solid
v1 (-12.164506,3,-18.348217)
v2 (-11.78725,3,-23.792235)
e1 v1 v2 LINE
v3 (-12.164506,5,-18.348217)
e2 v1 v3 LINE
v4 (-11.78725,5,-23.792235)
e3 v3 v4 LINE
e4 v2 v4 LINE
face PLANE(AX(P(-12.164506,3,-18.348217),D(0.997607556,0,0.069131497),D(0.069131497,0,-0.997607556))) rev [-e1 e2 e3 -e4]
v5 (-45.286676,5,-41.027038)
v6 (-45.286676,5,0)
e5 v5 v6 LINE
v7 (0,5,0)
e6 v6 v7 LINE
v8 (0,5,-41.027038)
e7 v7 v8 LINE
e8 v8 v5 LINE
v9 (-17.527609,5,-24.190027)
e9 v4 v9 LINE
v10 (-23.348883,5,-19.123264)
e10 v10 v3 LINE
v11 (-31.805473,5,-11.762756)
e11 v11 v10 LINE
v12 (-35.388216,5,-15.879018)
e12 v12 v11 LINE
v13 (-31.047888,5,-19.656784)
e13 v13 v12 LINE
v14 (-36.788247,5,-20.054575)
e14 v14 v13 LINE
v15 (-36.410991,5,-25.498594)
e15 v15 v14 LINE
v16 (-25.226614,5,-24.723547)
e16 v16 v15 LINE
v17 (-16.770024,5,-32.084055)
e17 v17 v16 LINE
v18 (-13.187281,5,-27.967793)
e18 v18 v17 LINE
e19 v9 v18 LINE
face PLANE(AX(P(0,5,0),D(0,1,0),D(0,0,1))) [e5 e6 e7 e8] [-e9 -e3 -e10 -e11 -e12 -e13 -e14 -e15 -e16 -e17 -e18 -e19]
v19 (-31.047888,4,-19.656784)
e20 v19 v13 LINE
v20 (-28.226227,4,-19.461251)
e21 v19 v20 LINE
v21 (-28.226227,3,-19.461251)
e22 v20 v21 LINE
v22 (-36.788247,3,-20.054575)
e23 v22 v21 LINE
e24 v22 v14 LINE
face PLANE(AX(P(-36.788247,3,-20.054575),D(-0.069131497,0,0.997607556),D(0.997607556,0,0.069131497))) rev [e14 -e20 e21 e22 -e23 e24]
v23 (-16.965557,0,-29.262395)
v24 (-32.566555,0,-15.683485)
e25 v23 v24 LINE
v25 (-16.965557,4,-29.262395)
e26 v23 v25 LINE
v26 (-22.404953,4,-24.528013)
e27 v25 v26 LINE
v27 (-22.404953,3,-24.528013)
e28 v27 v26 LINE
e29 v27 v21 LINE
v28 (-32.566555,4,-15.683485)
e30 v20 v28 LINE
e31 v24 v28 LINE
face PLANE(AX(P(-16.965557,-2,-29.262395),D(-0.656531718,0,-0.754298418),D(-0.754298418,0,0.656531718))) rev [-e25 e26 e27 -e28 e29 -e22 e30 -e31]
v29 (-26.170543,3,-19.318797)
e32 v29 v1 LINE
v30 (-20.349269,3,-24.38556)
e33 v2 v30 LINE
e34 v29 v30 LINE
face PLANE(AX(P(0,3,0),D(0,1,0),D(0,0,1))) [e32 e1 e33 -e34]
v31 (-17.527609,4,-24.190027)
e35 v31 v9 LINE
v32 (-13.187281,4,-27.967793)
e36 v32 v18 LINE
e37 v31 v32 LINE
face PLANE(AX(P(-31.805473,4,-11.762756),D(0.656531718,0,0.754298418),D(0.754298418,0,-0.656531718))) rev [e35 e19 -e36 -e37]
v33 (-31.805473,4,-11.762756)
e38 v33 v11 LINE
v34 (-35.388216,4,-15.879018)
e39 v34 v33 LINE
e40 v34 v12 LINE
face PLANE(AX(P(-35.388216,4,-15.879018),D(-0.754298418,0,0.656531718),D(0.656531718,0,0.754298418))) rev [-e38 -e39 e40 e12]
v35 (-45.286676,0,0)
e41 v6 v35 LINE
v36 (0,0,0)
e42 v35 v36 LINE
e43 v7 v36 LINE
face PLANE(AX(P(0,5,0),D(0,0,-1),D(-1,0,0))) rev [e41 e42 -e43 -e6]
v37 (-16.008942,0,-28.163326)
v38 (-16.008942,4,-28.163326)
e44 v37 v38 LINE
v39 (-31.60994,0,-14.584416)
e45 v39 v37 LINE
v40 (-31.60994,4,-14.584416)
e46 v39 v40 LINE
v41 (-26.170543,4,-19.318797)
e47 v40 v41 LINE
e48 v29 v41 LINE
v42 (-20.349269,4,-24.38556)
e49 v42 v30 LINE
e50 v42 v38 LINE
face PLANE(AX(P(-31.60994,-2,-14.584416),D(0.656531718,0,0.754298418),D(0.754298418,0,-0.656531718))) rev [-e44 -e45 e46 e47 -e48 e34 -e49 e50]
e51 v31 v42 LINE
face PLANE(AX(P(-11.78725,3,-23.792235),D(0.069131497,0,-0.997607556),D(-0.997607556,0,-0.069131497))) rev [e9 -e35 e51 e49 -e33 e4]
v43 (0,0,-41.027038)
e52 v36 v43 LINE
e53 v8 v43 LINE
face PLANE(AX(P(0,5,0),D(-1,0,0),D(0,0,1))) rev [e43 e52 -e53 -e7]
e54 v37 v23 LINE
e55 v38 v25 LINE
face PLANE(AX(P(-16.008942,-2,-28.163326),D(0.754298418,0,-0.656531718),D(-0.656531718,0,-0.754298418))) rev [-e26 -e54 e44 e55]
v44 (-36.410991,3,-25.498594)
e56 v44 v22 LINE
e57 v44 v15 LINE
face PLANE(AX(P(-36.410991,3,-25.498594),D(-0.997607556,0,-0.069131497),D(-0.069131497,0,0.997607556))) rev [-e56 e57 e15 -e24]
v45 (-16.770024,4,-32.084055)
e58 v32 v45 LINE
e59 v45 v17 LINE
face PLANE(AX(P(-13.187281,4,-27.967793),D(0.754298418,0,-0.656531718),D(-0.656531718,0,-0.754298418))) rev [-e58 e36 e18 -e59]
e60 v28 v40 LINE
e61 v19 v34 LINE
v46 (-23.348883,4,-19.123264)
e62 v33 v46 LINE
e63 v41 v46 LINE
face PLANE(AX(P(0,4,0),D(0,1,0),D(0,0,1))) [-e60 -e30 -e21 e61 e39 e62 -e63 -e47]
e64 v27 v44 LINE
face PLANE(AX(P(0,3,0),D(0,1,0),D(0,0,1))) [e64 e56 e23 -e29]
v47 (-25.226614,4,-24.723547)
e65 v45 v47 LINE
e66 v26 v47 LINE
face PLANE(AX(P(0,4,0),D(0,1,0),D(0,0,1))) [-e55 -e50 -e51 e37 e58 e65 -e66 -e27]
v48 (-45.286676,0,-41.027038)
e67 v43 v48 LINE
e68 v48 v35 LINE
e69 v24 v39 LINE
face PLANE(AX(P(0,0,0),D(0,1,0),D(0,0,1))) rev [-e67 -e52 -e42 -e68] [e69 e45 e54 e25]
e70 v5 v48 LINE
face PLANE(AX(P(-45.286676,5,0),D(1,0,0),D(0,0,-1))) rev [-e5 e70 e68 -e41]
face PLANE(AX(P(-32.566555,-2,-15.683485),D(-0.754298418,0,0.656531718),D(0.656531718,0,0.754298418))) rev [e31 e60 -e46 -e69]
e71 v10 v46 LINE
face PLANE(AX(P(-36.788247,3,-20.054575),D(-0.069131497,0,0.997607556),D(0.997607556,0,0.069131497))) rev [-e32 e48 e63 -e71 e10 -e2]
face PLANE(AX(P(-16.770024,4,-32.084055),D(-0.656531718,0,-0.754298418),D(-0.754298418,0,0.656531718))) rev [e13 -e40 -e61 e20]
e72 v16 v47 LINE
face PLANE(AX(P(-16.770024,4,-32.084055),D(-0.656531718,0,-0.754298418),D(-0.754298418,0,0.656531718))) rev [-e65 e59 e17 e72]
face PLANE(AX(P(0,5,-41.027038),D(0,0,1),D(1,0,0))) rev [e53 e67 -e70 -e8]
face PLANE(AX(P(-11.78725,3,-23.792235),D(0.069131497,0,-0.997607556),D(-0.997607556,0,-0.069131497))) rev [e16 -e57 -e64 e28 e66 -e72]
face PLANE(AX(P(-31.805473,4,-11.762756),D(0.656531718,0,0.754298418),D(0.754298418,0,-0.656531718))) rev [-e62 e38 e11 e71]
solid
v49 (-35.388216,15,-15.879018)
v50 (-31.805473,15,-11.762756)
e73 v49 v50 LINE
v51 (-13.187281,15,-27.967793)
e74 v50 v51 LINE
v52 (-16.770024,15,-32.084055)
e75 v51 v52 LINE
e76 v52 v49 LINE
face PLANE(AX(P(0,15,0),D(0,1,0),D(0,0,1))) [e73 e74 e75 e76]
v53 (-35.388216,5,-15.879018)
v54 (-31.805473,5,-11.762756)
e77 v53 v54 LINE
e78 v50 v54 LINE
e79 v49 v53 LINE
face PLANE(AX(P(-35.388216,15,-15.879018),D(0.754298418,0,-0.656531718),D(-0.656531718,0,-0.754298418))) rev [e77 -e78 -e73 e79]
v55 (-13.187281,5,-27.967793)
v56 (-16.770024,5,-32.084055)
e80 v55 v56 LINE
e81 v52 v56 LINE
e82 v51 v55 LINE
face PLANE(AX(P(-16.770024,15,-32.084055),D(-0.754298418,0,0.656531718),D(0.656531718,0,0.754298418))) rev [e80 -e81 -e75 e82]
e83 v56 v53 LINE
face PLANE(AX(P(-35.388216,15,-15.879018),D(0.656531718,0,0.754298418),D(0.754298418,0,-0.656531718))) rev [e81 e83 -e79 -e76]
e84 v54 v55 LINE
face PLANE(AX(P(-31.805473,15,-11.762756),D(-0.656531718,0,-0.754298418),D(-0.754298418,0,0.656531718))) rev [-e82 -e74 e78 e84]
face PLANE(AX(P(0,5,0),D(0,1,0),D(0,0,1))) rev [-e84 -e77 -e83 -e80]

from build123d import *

# Parameters (mm, degrees)
SKIZZE1_W                          = 45.286676114
SKIZZE1_H                          = 41.027038262
AUFSATZ_LINEAR_AUSTRAGEN1_DEPTH    = 5
AUFSATZ_LINEAR_AUSTRAGEN2_DEPTH    = 10
SCHNITT_LINEAR_AUSTRAGEN1_DEPTH    = 1
K_RPER_VERSCHIEBEN_KOPIEREN1_ANGLE = 45
SCHNITT_LINEAR_AUSTRAGEN2_DEPTH    = 2
K_RPER_VERSCHIEBEN_KOPIEREN2_ANGLE = 45
SCHNITT_LINEAR_AUSTRAGEN3_DEPTH    = 7


with BuildPart() as part:
    # Skizze1 → Aufsatz-Linear austragen1 (new body)
    with BuildSketch(Plane(origin=(0, 0, 0), x_dir=(1, 0, 0), z_dir=(0, 1, 0))):
        with Locations((-22.643338057, 20.513519131)):
            Rectangle(SKIZZE1_W, SKIZZE1_H)
    extrude(amount=AUFSATZ_LINEAR_AUSTRAGEN1_DEPTH)

    # Skizze3 → Schnitt-Linear austragen1 (cut)
    with BuildSketch(Plane(origin=(0, 5, 0), x_dir=(1, 0, 0), z_dir=(0, 1, 0))):
        Polygon((-35.388215561, 15.87901822), (-31.805473355, 11.762755891), (-13.187281399, 27.967792593), (-16.770023605, 32.084054922), align=None)
    extrude(amount=-SCHNITT_LINEAR_AUSTRAGEN1_DEPTH, mode=Mode.SUBTRACT)

    # Skizze4 → Schnitt-Linear austragen2 (cut)
    with BuildSketch(Plane(origin=(0, 5, 0), x_dir=(1, 0, 0), z_dir=(0, 1, 0))):
        Polygon((-36.410991195, 25.498593786), (-36.788246892, 20.054575471), (-12.164505765, 18.348217027), (-11.787250068, 23.792235342), align=None)
    extrude(amount=-SCHNITT_LINEAR_AUSTRAGEN2_DEPTH, mode=Mode.SUBTRACT)

    # Skizze5 → Schnitt-Linear austragen3 (cut)
    with BuildSketch(Plane(origin=(0, 5, 0), x_dir=(1, 0, 0), z_dir=(0, 1, 0))):
        Polygon((-32.566555289, 15.68348482), (-31.609939954, 14.584416163), (-16.008941671, 28.163325994), (-16.965557005, 29.262394651), align=None)
    extrude(amount=-SCHNITT_LINEAR_AUSTRAGEN3_DEPTH, mode=Mode.SUBTRACT)


with BuildPart() as body_2:
    # Skizze2 → Aufsatz-Linear austragen2 (new body)
    with BuildSketch(Plane(origin=(0, 5, 0), x_dir=(1, 0, 0), z_dir=(0, 1, 0))):
        Polygon((-35.388215561, 15.87901822), (-16.770023605, 32.084054922), (-13.187281399, 27.967792593), (-31.805473355, 11.762755891), align=None)
    extrude(amount=AUFSATZ_LINEAR_AUSTRAGEN2_DEPTH)


with BuildPart() as body_2_1:
    # K_rper-Verschieben_Kopieren1: moved
    add(body_2.part.rotate(Axis((-24.28774848, 0, -21.923405407), (0, -1, 0)), K_RPER_VERSCHIEBEN_KOPIEREN1_ANGLE))


with BuildPart() as body_2_2:
    # K_rper-Verschieben_Kopieren2: moved
    add(body_2_1.part.rotate(Axis((-24.28774848, 0, -21.923405407), (0, 1, 0)), K_RPER_VERSCHIEBEN_KOPIEREN2_ANGLE))


solid = Compound([part.part, body_2_2.part])
